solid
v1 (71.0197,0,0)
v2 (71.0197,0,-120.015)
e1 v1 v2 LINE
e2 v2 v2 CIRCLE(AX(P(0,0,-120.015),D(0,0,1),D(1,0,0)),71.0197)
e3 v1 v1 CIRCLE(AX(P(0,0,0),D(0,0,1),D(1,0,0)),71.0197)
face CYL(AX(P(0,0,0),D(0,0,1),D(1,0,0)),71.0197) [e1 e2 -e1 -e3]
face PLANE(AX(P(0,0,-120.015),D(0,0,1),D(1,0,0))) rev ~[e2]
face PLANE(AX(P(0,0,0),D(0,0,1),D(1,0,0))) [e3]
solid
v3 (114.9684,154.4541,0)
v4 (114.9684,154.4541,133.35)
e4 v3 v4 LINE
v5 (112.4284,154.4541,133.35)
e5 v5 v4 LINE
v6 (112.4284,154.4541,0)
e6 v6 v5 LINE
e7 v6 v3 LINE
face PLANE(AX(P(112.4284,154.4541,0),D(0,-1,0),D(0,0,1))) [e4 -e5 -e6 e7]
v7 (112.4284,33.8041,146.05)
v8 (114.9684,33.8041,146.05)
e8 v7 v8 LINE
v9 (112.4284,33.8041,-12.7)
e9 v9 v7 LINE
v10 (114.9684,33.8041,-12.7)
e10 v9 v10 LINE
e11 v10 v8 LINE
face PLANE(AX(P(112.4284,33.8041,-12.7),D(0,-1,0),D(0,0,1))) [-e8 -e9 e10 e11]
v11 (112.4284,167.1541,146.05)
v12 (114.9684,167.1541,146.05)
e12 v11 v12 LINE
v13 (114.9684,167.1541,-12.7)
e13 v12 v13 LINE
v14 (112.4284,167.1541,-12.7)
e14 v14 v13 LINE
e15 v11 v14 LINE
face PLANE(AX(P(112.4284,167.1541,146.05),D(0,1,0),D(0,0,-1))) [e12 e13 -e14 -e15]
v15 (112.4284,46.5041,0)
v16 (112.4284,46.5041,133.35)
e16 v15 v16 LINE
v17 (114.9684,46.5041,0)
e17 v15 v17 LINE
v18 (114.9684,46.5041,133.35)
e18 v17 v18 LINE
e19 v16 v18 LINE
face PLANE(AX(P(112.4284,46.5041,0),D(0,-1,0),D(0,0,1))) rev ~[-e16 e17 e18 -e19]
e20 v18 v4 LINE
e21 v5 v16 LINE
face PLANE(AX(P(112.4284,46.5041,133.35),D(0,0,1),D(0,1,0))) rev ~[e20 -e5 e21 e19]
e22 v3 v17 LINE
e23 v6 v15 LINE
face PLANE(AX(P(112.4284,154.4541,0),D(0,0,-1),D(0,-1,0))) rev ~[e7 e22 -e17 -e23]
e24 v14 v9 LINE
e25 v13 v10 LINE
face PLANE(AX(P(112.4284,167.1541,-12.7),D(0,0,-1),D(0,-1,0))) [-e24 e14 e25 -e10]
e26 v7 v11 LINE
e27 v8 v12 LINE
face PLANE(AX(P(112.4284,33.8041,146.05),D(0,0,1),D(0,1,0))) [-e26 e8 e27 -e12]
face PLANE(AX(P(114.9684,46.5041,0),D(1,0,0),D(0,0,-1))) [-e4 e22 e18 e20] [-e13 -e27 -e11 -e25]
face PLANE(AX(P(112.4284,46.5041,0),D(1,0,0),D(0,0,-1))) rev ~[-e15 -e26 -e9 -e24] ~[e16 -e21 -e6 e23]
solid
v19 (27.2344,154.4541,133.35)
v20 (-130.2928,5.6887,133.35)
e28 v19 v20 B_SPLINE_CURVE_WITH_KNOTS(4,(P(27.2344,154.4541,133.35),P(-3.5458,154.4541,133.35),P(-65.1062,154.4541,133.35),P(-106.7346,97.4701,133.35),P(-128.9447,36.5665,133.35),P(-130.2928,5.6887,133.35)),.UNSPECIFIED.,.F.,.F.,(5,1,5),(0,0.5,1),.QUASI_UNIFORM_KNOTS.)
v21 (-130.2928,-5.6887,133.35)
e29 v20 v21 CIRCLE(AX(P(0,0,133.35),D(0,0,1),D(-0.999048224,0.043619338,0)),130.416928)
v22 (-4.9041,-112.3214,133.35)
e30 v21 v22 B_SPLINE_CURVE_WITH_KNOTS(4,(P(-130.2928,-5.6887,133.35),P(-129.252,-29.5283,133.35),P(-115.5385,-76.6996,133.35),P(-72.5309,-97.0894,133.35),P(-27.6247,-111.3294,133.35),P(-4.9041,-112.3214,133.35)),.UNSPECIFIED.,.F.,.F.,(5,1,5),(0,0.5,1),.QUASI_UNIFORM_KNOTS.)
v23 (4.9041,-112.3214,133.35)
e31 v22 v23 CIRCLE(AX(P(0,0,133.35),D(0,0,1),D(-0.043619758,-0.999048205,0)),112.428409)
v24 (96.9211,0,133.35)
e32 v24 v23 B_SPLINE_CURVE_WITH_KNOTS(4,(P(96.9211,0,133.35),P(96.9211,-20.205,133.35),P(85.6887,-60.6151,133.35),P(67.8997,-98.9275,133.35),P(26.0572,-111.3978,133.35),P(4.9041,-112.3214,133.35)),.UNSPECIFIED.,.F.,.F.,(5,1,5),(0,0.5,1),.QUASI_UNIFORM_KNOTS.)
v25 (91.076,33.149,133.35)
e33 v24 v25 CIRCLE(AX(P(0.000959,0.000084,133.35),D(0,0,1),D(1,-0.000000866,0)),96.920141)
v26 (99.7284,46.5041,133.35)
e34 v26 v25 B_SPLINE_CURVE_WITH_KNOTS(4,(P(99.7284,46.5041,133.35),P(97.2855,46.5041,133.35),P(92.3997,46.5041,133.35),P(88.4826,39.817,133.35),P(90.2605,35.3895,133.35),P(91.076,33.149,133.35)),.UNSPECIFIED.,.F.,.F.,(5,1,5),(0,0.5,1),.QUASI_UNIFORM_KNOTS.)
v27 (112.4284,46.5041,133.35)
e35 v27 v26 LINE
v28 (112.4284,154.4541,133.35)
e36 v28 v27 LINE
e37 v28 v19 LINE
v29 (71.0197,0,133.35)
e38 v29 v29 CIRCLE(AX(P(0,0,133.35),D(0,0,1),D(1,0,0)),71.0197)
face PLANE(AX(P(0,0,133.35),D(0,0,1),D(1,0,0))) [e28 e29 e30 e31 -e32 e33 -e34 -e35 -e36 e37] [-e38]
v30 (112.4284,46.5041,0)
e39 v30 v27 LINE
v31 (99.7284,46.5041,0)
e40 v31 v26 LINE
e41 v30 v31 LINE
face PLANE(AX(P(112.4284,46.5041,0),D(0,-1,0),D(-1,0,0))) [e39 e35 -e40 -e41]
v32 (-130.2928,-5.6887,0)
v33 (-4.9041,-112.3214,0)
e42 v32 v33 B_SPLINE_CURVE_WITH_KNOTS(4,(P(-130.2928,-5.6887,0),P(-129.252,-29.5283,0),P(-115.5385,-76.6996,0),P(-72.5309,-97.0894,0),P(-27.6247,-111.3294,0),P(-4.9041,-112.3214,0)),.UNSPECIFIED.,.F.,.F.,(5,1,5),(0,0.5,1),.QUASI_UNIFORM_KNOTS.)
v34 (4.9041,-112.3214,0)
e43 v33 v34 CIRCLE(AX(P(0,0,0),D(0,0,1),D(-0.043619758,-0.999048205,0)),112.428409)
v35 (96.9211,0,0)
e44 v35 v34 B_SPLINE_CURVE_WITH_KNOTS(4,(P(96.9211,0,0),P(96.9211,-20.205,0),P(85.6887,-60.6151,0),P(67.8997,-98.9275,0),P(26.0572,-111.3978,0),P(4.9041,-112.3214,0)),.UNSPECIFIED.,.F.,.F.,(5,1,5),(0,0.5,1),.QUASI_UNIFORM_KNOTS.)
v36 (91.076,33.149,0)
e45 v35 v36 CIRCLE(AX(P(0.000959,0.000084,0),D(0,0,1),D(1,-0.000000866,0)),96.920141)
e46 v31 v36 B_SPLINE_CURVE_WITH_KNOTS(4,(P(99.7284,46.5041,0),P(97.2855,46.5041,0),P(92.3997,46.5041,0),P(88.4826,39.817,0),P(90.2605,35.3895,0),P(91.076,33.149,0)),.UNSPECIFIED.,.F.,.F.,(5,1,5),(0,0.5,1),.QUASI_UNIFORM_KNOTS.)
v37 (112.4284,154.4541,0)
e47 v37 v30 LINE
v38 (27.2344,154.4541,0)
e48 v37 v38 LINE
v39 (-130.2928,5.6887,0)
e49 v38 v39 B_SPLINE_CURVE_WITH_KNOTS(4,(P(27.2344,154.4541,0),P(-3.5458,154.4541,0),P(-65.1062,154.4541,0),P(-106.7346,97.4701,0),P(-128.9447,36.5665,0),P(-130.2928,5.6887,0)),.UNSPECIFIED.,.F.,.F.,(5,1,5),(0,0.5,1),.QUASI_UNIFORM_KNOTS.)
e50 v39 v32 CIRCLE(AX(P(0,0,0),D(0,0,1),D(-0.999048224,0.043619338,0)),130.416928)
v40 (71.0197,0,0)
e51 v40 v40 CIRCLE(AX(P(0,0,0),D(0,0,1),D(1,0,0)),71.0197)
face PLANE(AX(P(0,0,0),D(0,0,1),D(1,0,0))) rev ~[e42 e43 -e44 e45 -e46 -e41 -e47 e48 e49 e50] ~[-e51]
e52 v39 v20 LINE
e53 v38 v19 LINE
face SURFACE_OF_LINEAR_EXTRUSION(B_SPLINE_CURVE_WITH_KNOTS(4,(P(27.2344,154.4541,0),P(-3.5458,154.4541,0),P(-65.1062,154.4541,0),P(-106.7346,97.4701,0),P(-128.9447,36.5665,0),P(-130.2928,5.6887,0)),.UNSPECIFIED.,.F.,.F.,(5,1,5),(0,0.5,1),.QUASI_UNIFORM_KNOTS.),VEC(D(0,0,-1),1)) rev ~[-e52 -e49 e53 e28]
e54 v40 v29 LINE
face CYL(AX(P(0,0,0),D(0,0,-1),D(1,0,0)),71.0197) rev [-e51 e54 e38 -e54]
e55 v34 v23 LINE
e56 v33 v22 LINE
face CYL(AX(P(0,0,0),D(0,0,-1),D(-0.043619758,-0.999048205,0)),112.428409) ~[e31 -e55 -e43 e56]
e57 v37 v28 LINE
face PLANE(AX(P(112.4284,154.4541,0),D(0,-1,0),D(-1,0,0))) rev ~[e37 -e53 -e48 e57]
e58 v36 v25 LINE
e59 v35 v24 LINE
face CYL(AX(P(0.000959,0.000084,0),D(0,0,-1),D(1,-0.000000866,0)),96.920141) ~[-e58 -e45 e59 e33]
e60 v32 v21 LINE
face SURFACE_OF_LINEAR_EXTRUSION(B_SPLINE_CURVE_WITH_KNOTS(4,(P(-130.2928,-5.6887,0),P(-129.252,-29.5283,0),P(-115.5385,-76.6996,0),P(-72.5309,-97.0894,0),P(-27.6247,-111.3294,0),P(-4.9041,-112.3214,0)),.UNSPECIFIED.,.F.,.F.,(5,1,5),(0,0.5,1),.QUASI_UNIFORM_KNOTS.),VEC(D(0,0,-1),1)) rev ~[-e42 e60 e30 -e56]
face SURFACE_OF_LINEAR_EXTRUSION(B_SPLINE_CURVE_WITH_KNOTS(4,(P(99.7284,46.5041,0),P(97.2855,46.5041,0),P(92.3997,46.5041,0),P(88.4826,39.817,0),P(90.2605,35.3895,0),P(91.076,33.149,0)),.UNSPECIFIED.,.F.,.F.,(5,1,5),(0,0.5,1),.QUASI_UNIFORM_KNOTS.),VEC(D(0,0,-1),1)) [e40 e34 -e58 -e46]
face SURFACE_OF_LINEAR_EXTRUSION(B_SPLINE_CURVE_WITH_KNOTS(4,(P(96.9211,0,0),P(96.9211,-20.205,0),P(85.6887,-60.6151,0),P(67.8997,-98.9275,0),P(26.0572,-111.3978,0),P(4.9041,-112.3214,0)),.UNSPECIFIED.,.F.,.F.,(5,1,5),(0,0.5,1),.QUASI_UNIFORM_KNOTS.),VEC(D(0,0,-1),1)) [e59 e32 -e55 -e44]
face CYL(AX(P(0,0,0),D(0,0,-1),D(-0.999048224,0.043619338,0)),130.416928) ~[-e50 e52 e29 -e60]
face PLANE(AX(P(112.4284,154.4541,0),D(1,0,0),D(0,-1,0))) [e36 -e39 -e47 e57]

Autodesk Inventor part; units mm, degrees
ref_plane "YZ Plane" through (0, 0, 0) normal (1, 0, 0) x (0, 1, 0)
ref_plane "XZ Plane" through (0, 0, 0) normal (0, 1, 0) x (-1, 0, 0)
ref_plane "XY Plane" through (0, 0, 0) normal (0, 0, 1) x (1, 0, 0)
sketch "Sketch1" plane through (0, 0, 0) normal (0, 0, 1) x (1, 0, 0)
  circle A0 centre (0, 0) radius 71.0197
  circle A1 centre (0, 0) radius 83.5526 construction
  line L0 (112.4284, 154.4541) -> (112.4284, 46.5041)
  line L1 (112.4284, 154.4541) -> (27.2344, 154.4541)
  line L2 (0, 0) -> (0, 151.2837) construction
  arc A2 (-130.2928, 5.6887) -> (-130.2928, -5.6887) centre (0, 0) ccw
  line L3 (0, 0) -> (-130.2928, 5.6887) construction
  line L4 (0, 0) -> (-130.2928, -5.6887) construction
  arc A3 (-4.9041, -112.3214) -> (4.9041, -112.3214) centre (0, 0) ccw
  line L5 (0, 0) -> (4.9041, -112.3214) construction
  line L6 (0, 0) -> (-4.9041, -112.3214) construction
  spline S0 degree 4 poles (-130.2928, -5.6887) (-129.252, -29.5283) (-115.5385, -76.6996) (-72.5309, -97.0894) (-27.6247, -111.3294) (-4.9041, -112.3214) knots 0 0 0 0 0 0.5 1 1 1 1 1
  arc A4 (96.9211, 0) -> (91.076, 33.149) centre (0, 0) ccw
  line L7 (0, 0) -> (91.076, 33.149) construction
  spline S1 degree 4 poles (96.9211, 0) (96.9211, -20.205) (85.6887, -60.6151) (67.8997, -98.9275) (26.0572, -111.3978) (4.9041, -112.3214) knots 0 0 0 0 0 0.5 1 1 1 1 1
  line L8 (112.4284, 46.5041) -> (99.7284, 46.5041)
  spline S2 degree 4 poles (99.7284, 46.5041) (97.2855, 46.5041) (92.3997, 46.5041) (88.4826, 39.817) (90.2605, 35.3895) (91.076, 33.149) knots 0 0 0 0 0 0.5 1 1 1 1 1
  line L9 (0, 0) -> (0, -253.3414) construction
  line L10 (0, 0) -> (-251.0409, 0) construction
  line L11 (0, 0) -> (96.9211, 0) construction
  line L12 (112.4284, 154.4541) -> (112.4284, 167.1541)
  line L13 (112.4284, 72.3116) -> (112.4284, 0) construction
  line L14 (0, 0) -> (27.2344, 154.4541) construction
  spline S3 degree 4 poles (27.2344, 154.4541) (-3.5458, 154.4541) (-65.1062, 154.4541) (-106.7346, 97.4701) (-128.9447, 36.5665) (-130.2928, 5.6887) knots 0 0 0 0 0 0.5 1 1 1 1 1
  line L15 (96.9211, 0) -> (112.4284, 0) construction
  line L16 (99.7284, 46.5041) -> (0, 0) construction
  line L17 (112.4284, 46.5041) -> (112.4284, 33.8041)
  line L18 (0, -112.4284) -> (163.7102, -112.4284) construction
  line L19 (112.4284, 167.1541) -> (187.2501, 167.1541) construction
  line L20 (-130.417, 0) -> (-130.417, 167.1541) construction
  line L21 (-130.417, 167.1541) -> (112.4284, 167.1541) construction
  dimension "inlet_radius" = 71.0197
  dimension "blower_wheel_radius" = 83.5526
  dimension "outlet_height" = 107.95
  dimension "d8" = 151.2837
  dimension "d13" = 130.417
  dimension "d15" = 5
  dimension "d16" = 112.4284
  dimension "d18" = 5
  dimension "d19" = 90
  dimension "d20" = 96.921
  dimension "d24" = 12.7
  dimension "d25" = 112.4284
  dimension "d26" = 12.7
  dimension "d28" = 10
  dimension "d29" = 20
  dimension "d32" = 25
  dimension "d33" = 12.7
  dimension "d39" = 279.5826
  dimension "d40" = 242.8454
extrude "Extrusion1" add sketch "Sketch1" along normal blind 133.35
sketch "Sketch2" plane through (112.4284, 46.5041, 0) normal (1, 0, 0) x (0, 0, -1)
  line L0 (0, 107.95) -> (0, 0) projected
  line L1 (0, 107.95) -> (-133.35, 107.95) projected
  line L2 (-133.35, 0) -> (-133.35, 107.95) projected
  line L3 (0, 0) -> (-133.35, 0) projected
  line L4 (-146.05, 120.65) -> (12.7, 120.65)
  line L5 (12.7, 120.65) -> (12.7, -12.7)
  line L6 (12.7, -12.7) -> (-146.05, -12.7)
  line L7 (-146.05, -12.7) -> (-146.05, 120.65)
  point P0 (0, -46.5041)
  dimension "d34" = 12.7
extrude "Extrusion2" add sketch "Sketch2" along normal blind 2.54
extrude "Extrusion3" add sketch "Sketch1" against normal blind 120.015 contours A0
sketch "Sketch3" plane through (0, 0, 0) normal (1, 0, 0) x (0, 1, 0)
  line L0 (33.149, 133.35) -> (46.5041, 133.35) projected
  line L1 (46.5041, 0) -> (46.5041, 133.35) projected
  line L2 (46.5041, 133.35) -> (154.4541, 133.35) projected
  line L3 (154.4541, 133.35) -> (154.4541, 0) projected
  line L4 (154.4541, 0) -> (46.5041, 0) projected
  line L5 (167.1541, -12.7) -> (167.1541, 146.05) projected
  line L6 (167.1541, 146.05) -> (33.8041, 146.05) projected
  line L7 (33.8041, 146.05) -> (33.8041, -12.7) projected
  line L8 (33.8041, -12.7) -> (167.1541, -12.7) projected
  line L9 (33.149, 0) -> (0, 0) projected
  line L10 (33.149, 0) -> (33.149, 133.35) projected
  line L11 (0, 133.35) -> (33.149, 133.35) projected
  line L12 (0, 0) -> (0, 133.35) projected
  line L13 (-71.0197, -120.015) -> (71.0197, -120.015) projected
  line L14 (71.0197, 0) -> (-71.0197, 0) projected
  line L15 (-112.3214, 0) -> (-112.3214, 133.35) projected
  point P0 (0, 0)
  dimension "d41" = 133.35
  dimension "d42" = 107.95
  dimension "d43" = 266.065
  dimension "d44" = 279.4755
equation "\"d33\" = d26"
equation "\"d37\" = 0.9 * outlet_width"
equation "\"spiral_factor\" = 1.16"
equation "\"blower_wheel_width\" = 80.9625"
equation "\"outlet_width\" = 133.35"
properties part number "dayton1TDT2 $167" material "Steel, Mild"
